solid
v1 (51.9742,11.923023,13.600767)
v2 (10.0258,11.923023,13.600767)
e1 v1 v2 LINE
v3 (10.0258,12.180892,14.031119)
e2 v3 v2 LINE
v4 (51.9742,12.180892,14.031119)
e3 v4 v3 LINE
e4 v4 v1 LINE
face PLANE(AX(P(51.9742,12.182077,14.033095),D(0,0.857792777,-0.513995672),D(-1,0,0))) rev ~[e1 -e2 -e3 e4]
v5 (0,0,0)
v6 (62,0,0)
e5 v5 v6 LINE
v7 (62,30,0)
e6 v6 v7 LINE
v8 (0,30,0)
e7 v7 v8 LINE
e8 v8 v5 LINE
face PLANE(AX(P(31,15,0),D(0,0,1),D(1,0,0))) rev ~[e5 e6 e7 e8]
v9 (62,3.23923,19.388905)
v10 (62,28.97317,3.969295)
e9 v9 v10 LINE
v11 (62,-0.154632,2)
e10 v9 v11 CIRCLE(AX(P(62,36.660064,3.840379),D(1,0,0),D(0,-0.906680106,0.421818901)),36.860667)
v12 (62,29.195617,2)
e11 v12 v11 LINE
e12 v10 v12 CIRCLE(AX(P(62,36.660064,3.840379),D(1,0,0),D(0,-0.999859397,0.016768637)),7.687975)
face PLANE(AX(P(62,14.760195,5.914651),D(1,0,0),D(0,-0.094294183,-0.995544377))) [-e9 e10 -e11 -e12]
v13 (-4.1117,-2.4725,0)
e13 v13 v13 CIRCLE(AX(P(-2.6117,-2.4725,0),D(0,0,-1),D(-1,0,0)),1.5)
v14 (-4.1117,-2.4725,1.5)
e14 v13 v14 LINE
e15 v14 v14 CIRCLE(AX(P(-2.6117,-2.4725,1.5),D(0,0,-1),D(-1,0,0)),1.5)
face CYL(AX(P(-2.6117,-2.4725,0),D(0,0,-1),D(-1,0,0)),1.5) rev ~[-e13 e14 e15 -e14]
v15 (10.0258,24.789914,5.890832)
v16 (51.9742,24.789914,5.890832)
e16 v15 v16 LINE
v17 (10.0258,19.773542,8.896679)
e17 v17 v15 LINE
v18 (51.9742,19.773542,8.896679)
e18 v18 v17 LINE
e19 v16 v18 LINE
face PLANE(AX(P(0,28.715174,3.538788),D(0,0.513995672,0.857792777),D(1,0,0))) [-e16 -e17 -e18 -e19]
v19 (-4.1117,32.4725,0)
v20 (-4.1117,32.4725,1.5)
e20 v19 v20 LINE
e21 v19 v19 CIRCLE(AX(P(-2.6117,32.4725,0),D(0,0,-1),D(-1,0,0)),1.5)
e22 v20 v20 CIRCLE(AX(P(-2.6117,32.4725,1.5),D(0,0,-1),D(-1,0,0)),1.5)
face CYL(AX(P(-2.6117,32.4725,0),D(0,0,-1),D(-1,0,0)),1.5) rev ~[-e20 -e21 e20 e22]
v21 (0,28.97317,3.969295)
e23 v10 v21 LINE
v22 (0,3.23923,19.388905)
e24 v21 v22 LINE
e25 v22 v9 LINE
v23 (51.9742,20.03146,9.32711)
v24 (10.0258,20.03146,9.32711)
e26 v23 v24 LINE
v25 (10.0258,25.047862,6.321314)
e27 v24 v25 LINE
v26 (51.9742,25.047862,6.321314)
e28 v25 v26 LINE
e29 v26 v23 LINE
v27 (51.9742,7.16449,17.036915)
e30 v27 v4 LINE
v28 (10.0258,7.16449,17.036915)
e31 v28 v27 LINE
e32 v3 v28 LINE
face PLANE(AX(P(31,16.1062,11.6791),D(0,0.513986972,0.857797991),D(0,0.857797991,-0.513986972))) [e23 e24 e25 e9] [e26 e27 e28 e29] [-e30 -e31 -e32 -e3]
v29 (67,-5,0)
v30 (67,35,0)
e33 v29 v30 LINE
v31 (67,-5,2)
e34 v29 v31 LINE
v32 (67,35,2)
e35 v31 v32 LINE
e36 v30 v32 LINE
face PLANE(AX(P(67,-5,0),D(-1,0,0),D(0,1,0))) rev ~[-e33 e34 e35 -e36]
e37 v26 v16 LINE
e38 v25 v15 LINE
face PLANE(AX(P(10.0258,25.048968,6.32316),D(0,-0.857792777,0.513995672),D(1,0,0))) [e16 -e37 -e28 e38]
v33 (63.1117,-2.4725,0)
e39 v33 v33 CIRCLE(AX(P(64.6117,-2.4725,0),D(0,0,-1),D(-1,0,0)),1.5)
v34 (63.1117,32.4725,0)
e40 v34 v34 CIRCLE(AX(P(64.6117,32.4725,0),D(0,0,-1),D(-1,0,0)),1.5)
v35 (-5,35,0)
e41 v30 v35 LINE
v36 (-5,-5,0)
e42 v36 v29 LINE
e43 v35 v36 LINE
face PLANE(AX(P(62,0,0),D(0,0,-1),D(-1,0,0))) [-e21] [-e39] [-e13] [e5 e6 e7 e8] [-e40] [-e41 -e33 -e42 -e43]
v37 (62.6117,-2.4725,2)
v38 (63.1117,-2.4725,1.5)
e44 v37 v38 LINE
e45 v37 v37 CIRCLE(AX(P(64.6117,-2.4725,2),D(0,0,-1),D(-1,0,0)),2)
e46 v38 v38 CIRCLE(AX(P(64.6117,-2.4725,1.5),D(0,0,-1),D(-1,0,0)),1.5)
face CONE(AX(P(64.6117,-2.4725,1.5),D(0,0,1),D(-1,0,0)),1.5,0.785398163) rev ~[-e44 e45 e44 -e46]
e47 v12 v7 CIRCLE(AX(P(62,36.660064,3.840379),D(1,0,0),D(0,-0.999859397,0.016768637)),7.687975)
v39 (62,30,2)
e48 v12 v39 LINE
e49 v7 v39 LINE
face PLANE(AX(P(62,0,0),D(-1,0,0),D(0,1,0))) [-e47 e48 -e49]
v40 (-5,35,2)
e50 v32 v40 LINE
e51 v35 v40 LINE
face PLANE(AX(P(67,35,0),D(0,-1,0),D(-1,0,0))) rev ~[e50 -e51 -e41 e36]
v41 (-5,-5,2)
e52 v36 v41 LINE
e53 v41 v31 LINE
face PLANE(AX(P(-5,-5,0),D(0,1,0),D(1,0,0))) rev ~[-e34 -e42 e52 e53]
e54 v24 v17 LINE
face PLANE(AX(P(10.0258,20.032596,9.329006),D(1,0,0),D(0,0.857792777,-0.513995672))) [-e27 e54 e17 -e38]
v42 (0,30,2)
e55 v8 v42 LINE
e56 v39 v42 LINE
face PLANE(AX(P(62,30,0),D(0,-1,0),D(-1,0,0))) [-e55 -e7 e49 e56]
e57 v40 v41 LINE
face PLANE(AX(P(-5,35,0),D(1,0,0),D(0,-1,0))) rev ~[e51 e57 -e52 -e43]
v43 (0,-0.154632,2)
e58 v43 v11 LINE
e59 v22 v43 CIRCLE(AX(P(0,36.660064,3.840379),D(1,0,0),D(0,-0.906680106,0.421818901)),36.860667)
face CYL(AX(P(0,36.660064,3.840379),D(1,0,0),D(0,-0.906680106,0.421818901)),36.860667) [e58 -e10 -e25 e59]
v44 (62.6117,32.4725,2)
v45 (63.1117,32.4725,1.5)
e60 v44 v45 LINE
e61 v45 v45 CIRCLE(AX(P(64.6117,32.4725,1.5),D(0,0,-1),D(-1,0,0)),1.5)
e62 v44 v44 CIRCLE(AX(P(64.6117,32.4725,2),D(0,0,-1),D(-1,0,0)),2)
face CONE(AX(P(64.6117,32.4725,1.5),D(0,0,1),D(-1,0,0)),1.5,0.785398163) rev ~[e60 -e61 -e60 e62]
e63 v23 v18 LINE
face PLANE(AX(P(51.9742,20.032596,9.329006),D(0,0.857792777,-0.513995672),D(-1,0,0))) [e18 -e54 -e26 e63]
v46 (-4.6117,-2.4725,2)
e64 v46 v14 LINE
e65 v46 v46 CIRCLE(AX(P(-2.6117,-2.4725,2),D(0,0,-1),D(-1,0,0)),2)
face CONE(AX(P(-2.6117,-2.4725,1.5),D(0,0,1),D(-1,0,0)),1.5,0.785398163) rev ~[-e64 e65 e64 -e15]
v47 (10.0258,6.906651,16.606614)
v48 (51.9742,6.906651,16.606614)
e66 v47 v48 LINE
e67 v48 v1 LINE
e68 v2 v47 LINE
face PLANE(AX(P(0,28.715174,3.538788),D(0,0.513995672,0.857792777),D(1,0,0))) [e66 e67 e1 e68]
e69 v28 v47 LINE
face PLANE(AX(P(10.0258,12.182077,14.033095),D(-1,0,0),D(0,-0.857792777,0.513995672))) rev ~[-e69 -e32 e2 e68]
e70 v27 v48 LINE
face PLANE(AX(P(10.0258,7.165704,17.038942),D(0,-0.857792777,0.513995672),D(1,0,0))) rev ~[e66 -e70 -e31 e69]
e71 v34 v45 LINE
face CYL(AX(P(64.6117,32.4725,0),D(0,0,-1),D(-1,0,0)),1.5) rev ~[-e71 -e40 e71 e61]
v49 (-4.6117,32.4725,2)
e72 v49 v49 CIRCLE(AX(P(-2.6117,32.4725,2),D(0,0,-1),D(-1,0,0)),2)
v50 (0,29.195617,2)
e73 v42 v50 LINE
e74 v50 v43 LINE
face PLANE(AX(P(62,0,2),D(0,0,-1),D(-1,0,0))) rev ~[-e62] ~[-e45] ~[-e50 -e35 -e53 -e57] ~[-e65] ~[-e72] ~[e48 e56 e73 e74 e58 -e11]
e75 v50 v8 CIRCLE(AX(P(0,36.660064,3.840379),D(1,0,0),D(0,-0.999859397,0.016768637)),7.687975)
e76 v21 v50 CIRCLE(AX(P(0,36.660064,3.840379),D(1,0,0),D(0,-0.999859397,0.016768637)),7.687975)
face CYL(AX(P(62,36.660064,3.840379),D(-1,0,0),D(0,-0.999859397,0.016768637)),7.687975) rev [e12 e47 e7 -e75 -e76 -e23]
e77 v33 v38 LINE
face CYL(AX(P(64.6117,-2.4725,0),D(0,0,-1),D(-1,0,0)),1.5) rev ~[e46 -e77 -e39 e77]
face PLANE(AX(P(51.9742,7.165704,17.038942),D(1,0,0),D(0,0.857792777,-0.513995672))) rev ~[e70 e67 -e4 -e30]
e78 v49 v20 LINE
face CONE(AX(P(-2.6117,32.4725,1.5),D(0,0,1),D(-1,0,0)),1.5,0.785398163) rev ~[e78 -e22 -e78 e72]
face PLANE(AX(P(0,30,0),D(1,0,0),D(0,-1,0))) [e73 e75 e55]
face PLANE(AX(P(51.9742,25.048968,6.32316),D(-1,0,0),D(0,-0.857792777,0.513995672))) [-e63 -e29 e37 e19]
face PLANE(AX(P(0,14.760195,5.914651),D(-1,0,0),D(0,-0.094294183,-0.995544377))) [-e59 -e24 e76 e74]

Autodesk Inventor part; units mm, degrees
ref_plane "YZ Plane" through (0, 0, 0) normal (1, 0, 0) x (0, 1, 0)
ref_plane "XZ Plane" through (0, 0, 0) normal (0, 1, 0) x (-1, 0, 0)
ref_plane "XY Plane" through (0, 0, 0) normal (0, 0, 1) x (1, 0, 0)
sketch "Sketch1" plane through (0, 0, 0) normal (0, 0, 1) x (1, 0, 0)
  line L0 (0, 0) -> (62, 0)
  line L1 (62, 0) -> (62, 30)
  line L2 (62, 30) -> (0, 30)
  line L3 (0, 30) -> (0, 0)
  dimension "d0" = 62
  dimension "d1" = 30
sketch "Sketch2" plane through (0, 0, 0) normal (1, 0, 0) x (0, 1, 0)
  line L0 (0, 0) -> (30, 0) projected
  arc A0 (16.1062, 11.6791) -> (15, 0) centre (36.6604, 3.8403) ccw
sweep "Sweep1" add profiles "Sketch1" path "Sketch2" path curves A0
sketch "Sketch3" plane through (62, 0, 0) normal (0, 0, -1) x (-1, 0, 0)
  line L0 (0, 0) -> (0, 30) projected
  line L1 (62, 0) -> (0, 0) projected
  line L2 (62, 30) -> (62, 0) projected
  line L3 (0, 30) -> (62, 30) projected
  line L4 (0, 30) -> (62, 0) construction
  line L5 (0, 0) -> (62, 30) construction
  line L6 (67, 35) -> (67, -5)
  line L7 (67, -5) -> (-5, -5)
  line L8 (-5, -5) -> (-5, 35)
  line L9 (-5, 35) -> (67, 35)
  dimension "d4" = 5
extrude "Extrusion1" add sketch "Sketch3" against normal blind 2
sketch "Sketch4" plane through (67, -5, 0) normal (0, 0, -1) x (-1, 0, 0)
  point P0 (67, 5)
sketch "Sketch6" plane through (0, 28.9732, 3.9694) normal (0, 0.514, 0.8578) x (1, 0, 0)
  line L0 (0, 1.893) -> (62, 1.893) construction
  line L1 (62, -30) -> (62, 0) construction
  line L2 (62, -15) -> (0, -15) construction
  line L3 (0, -23.9737) -> (0, -30) construction
  line L4 (31, -15) -> (31, -30) construction
  line L5 (31, -15) -> (31, 0) construction
  line L6 (62, 0) -> (0, 0) construction
  line L7 (62, -22.5) -> (31, -22.5) construction
  line L8 (31, -22.5) -> (0, -22.5) construction
  line L9 (31, -7.5) -> (0, -7.5) construction
  line L10 (0, 0) -> (0, -30) construction
  line L11 (31, -7.5) -> (62, -7.5) construction
  line L12 (51.9742, -19.576) -> (10.0258, -19.576)
  line L13 (10.0258, -19.576) -> (10.0258, -25.424)
  line L14 (10.0258, -25.424) -> (51.9742, -25.424)
  line L15 (51.9742, -25.424) -> (51.9742, -19.576)
  line L16 (51.9742, -19.576) -> (10.0258, -25.424) construction
  line L17 (10.0258, -19.576) -> (51.9742, -25.424) construction
  line L18 (51.9742, -10.424) -> (10.0258, -10.424)
  line L19 (10.0258, -10.424) -> (10.0258, -4.576)
  line L20 (10.0258, -4.576) -> (51.9742, -4.576)
  line L21 (51.9742, -4.576) -> (51.9742, -10.424)
  point P0 (0, -22.8131)
  dimension "d8" = 15
  dimension "d9" = 15
  dimension "d10" = 82.064
  dimension "d11" = 41.9483
extrude "Extrusion2" cut sketch "Sketch6" against normal blind 0.5
sketch "Sketch7" plane through (67, -5, 0) normal (0, 0, -1) x (-1, 0, 0)
  circle A0 centre (2.3883, 37.4725) radius 1.5
  line L0 (72, 40) -> (0, 40) construction
  line L1 (36, 40) -> (36, 0) construction
  line L2 (72, 0) -> (0, 0) construction
  line L3 (0, 40) -> (0, 0) construction
  line L4 (0, 20) -> (72, 20) construction
  line L5 (72, 40) -> (72, 0) construction
  circle A1 centre (2.3883, 2.5275) radius 1.5
  circle A2 centre (69.6117, 37.4725) radius 1.5
  circle A3 centre (69.6117, 2.5275) radius 1.5
  point P0 (67, 5)
  dimension "d14" = 3
extrude "Extrusion3" cut sketch "Sketch7" against normal blind 25.4
chamfer "Chamfer1" distance 0.5 angle 45 4 edges at (-1.1117, -2.4725, 2) (66.1117, -2.4725, 2) (66.1117, 32.4725, 2) (-1.1117, 32.4725, 2)
properties part number "DsholdtilterV1"
